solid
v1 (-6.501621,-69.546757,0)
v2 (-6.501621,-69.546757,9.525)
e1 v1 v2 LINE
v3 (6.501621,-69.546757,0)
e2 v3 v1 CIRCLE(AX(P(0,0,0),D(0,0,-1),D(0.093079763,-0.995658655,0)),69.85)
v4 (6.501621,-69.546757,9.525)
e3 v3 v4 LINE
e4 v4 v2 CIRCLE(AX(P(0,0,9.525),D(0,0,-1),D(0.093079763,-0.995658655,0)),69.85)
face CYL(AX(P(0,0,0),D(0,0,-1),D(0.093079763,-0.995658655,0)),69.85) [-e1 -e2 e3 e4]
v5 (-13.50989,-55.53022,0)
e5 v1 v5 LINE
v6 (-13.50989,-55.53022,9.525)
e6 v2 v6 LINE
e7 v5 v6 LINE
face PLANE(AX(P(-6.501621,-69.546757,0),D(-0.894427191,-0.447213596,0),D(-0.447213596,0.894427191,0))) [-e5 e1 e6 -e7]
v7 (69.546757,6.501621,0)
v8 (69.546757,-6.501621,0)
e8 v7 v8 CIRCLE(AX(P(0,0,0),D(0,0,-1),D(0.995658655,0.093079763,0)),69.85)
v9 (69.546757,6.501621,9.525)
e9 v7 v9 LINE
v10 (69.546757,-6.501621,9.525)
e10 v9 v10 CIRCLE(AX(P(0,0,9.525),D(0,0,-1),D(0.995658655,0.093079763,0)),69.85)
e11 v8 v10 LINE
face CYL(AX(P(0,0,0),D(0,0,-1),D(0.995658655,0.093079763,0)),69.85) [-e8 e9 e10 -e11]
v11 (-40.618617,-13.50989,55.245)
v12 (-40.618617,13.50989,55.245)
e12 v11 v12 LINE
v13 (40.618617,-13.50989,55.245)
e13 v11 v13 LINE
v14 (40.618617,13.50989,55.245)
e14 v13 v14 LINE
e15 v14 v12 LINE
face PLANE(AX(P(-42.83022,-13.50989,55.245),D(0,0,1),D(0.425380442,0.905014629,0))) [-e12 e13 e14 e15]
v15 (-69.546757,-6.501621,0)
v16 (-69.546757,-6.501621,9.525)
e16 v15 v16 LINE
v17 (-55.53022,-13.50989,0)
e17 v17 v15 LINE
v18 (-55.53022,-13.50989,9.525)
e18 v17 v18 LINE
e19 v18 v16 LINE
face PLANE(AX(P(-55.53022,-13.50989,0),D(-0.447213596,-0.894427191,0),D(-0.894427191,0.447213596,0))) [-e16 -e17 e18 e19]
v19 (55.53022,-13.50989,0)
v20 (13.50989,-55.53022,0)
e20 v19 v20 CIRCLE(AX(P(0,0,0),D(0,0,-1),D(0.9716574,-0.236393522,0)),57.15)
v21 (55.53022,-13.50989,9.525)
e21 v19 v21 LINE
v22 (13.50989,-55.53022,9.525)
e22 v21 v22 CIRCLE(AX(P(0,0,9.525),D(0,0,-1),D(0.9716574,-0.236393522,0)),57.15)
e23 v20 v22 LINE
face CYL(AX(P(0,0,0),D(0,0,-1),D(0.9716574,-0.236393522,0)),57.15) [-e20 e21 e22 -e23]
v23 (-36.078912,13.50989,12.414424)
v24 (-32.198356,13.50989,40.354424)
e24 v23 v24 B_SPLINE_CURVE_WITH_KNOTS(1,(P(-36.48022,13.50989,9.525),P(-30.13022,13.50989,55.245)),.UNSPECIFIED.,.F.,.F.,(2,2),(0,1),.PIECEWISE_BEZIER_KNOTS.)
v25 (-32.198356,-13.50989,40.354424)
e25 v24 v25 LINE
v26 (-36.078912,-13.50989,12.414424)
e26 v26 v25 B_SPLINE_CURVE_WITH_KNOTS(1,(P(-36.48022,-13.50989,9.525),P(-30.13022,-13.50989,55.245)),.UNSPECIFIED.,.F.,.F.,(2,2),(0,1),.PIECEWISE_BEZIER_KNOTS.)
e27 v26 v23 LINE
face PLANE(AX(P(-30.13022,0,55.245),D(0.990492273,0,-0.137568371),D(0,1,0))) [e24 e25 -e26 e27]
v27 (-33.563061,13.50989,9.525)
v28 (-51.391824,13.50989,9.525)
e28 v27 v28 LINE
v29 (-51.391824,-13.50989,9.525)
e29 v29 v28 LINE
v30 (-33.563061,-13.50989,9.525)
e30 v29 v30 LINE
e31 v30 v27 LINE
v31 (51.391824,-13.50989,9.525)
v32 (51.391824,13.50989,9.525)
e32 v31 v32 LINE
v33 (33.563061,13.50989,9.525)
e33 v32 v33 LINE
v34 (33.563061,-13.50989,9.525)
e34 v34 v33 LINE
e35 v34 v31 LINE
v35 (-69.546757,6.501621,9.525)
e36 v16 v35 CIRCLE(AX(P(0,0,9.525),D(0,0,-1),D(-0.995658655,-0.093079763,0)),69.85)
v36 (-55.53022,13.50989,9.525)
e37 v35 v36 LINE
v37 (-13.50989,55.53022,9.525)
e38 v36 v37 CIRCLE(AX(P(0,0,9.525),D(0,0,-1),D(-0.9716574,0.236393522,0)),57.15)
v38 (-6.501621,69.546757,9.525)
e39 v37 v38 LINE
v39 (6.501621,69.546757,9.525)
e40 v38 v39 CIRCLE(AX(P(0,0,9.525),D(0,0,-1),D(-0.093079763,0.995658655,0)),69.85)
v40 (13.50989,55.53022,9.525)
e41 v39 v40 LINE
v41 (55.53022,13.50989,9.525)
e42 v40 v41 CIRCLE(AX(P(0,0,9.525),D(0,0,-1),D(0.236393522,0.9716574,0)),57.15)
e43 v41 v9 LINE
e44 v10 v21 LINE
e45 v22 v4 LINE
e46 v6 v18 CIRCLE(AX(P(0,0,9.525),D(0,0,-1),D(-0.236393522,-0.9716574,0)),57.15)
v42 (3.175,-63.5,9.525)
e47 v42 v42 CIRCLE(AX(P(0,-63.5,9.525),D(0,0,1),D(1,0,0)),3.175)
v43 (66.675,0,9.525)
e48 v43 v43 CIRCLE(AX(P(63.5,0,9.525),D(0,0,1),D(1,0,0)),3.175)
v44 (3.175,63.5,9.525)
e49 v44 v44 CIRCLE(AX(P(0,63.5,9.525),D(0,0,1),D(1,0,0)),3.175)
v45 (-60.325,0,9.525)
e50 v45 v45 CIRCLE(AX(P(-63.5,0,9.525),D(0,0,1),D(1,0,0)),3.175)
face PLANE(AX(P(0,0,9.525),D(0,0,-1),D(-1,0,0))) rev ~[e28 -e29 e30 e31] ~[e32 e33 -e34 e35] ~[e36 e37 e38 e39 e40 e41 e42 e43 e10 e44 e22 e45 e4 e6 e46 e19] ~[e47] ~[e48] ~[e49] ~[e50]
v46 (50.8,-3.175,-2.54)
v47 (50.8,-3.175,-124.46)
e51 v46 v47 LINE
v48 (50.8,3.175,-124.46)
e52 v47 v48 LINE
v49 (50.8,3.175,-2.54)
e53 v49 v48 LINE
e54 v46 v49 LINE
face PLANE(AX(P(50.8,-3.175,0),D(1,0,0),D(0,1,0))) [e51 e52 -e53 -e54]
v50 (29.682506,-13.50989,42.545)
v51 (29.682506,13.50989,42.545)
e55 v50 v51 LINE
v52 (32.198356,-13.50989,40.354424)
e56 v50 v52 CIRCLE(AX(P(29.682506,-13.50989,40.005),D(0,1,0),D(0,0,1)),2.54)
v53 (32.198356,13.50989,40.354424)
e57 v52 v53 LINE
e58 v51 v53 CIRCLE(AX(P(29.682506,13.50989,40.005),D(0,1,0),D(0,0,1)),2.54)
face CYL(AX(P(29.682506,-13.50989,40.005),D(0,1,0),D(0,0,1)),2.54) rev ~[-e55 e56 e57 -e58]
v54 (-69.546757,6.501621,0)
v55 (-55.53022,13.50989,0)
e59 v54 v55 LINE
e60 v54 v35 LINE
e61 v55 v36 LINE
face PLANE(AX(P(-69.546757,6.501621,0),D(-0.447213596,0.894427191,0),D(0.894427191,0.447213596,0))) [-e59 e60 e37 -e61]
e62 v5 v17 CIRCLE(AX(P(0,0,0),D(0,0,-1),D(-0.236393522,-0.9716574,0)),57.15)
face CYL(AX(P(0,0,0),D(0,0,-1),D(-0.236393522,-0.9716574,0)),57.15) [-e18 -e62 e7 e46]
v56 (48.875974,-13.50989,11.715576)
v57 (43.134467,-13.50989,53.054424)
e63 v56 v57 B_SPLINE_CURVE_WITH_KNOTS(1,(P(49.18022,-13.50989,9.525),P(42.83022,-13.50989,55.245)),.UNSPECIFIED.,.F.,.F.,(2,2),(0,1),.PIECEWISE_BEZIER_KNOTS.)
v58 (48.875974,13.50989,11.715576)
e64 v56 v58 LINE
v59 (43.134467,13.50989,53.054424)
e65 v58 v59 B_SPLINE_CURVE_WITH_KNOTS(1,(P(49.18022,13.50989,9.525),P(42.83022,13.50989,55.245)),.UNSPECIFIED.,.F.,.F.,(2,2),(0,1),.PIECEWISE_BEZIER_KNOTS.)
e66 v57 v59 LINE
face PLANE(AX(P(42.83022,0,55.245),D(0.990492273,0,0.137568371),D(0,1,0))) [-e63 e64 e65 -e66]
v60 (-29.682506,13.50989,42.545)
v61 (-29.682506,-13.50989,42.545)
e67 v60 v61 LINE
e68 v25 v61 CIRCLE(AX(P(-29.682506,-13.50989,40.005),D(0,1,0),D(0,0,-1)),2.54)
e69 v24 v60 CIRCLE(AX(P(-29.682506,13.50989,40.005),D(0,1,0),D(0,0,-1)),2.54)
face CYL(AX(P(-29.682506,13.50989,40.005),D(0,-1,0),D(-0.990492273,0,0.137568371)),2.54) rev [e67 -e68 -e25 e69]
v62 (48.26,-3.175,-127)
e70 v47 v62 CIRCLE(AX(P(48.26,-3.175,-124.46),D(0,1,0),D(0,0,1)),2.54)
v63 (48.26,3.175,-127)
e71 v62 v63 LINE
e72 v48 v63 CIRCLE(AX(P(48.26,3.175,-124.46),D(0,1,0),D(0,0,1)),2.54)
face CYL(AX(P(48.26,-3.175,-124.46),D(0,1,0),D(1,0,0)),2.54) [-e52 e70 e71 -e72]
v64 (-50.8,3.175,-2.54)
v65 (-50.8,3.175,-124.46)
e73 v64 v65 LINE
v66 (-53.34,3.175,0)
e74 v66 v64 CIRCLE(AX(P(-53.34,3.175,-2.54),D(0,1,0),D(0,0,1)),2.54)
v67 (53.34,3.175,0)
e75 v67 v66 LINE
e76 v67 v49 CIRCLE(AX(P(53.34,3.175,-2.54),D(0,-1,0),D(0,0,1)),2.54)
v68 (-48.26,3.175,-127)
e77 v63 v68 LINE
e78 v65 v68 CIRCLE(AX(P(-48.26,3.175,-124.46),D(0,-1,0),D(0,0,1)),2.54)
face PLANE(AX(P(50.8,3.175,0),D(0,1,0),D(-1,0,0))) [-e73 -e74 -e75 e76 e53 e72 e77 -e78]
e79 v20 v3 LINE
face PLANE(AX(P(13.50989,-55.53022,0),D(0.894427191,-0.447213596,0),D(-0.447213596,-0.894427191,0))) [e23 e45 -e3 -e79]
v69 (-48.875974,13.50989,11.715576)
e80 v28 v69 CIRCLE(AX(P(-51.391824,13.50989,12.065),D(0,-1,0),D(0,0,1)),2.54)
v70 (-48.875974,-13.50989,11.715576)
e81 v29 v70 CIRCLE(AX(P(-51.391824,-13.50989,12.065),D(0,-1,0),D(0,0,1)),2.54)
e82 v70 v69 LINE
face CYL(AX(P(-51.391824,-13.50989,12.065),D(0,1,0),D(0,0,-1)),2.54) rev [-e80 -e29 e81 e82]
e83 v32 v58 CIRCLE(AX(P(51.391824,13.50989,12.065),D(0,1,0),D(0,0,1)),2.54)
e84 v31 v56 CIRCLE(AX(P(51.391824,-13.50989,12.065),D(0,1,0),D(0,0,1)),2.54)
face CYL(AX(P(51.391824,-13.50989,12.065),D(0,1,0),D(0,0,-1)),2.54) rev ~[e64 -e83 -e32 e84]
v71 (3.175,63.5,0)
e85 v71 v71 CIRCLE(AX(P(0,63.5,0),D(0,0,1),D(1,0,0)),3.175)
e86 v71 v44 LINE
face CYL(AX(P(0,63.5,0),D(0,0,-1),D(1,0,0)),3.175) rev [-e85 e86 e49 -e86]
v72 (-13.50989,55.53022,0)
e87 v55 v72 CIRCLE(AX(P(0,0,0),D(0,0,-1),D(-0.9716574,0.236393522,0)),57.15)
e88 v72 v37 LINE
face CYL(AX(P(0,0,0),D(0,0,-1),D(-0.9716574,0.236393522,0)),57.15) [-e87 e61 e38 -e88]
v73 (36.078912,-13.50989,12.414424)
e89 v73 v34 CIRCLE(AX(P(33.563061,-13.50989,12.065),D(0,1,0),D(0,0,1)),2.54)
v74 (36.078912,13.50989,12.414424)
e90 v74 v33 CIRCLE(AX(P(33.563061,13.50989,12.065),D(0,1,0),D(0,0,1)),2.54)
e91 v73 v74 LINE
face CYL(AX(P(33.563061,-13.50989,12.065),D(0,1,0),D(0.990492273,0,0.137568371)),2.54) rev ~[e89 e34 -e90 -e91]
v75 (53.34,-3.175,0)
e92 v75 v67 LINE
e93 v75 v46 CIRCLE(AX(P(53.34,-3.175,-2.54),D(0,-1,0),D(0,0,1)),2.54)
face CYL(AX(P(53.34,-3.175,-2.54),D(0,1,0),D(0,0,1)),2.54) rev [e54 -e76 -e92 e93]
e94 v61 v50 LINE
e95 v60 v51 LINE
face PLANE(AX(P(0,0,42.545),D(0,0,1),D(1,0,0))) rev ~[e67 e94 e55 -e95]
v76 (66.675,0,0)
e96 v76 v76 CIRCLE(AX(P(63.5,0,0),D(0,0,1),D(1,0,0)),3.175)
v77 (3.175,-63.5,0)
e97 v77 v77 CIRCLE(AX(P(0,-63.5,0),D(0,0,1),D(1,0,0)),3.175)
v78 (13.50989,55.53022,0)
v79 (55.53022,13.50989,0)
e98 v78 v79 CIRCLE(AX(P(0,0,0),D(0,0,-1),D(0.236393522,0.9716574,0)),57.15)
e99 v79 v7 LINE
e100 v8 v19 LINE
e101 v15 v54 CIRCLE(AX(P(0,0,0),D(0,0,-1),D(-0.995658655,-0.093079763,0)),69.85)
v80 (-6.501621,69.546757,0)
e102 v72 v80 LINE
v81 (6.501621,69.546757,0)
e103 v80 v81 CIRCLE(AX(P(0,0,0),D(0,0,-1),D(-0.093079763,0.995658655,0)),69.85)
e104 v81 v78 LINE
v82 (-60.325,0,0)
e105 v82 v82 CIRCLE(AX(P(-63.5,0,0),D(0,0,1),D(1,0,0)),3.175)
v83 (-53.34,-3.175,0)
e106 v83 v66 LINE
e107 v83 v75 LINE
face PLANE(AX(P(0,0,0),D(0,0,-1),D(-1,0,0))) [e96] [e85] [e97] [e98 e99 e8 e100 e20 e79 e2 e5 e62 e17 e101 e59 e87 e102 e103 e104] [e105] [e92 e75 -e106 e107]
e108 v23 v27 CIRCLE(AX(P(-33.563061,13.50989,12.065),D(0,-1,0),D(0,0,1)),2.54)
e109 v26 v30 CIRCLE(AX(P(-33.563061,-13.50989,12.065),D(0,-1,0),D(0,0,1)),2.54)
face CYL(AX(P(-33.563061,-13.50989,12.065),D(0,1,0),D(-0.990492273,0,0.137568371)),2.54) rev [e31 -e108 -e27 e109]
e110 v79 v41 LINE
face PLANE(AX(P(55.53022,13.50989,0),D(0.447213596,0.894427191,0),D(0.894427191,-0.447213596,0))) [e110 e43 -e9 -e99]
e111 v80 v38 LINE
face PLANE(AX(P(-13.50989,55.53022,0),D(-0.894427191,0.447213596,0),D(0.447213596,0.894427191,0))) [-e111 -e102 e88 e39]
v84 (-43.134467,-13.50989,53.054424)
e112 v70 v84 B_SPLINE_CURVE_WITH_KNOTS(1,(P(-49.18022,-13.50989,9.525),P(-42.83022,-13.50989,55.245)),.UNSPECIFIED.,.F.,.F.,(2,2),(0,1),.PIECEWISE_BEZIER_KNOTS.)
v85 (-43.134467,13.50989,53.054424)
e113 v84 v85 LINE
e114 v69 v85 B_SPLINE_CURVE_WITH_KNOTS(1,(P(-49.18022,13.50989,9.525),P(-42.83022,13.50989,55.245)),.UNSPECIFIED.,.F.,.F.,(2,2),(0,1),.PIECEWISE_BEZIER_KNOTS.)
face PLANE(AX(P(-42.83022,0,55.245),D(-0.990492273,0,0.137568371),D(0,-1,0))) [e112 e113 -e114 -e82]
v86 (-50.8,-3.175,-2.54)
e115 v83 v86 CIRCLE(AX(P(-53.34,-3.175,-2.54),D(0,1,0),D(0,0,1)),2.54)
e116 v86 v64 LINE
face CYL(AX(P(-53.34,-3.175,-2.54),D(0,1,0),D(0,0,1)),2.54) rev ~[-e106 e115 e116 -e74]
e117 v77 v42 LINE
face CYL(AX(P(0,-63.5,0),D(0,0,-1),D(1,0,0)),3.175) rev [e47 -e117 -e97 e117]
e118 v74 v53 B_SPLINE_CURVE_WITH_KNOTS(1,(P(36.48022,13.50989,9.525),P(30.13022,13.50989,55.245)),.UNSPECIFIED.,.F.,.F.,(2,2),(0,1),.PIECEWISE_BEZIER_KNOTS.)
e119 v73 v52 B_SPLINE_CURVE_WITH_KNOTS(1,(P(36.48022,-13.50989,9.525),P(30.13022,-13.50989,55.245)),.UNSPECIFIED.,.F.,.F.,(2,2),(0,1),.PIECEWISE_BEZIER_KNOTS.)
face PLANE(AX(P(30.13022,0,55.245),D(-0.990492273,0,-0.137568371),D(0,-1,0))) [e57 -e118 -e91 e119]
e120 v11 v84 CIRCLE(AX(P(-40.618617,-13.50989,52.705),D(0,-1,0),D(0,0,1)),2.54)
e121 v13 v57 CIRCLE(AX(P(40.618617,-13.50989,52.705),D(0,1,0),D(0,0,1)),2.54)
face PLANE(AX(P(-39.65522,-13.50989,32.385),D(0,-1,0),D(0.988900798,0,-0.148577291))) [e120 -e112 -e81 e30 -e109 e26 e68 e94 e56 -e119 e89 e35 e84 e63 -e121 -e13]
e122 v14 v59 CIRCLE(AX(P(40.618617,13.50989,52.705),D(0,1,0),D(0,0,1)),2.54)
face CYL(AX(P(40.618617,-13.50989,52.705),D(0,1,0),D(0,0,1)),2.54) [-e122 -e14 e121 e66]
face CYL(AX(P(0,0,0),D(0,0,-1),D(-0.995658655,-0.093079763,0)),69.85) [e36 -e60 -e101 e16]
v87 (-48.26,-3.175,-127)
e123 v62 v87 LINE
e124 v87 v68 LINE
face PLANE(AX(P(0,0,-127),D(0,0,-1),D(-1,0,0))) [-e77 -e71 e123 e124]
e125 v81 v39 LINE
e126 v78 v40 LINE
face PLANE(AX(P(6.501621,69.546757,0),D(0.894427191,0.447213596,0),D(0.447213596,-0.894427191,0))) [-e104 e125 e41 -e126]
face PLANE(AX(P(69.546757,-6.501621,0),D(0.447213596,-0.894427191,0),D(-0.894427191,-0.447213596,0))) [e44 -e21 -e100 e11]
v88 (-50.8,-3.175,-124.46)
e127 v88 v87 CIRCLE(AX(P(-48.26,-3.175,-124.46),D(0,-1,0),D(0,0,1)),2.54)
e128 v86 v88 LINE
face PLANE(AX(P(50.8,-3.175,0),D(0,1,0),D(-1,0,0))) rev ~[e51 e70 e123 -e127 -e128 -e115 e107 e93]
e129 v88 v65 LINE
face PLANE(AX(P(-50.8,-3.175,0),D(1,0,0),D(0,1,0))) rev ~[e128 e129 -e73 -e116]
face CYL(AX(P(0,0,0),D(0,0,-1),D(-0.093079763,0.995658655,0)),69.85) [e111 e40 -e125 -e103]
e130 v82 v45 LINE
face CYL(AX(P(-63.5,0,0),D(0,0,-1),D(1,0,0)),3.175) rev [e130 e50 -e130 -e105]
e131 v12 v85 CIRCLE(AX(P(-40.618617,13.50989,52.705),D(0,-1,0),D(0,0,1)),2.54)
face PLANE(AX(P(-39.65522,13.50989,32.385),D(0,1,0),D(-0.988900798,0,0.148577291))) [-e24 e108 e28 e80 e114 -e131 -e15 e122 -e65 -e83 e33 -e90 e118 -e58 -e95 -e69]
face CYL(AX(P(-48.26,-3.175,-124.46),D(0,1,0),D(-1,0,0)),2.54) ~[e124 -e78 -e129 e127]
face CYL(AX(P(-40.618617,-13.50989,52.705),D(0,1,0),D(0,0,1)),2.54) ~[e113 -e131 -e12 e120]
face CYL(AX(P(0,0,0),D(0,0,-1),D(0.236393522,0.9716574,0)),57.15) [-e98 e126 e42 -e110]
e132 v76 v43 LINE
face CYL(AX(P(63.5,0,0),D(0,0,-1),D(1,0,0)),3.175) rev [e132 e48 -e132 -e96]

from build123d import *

# Parameters (mm, degrees)
SKETCH2_R           = 3.175
BOSS_EXTRUDE1_DEPTH = 9.525
SKETCH4_W           = 12.7
SKETCH4_H           = 27.0197796
SKETCH9_W           = 12.7
SKETCH9_H           = 27.0197796
SKETCH4_86_W        = 12.7
SKETCH4_86_H        = 27.0197796
SKETCH9_5_W         = 12.7
SKETCH9_5_H         = 27.0197796
SKETCH11_W          = 85.660440798
SKETCH11_H          = 27.0197796
BOSS_EXTRUDE3_DEPTH = 12.7
FILLET2_R           = 2.54
SKETCH12_W          = 101.6
SKETCH12_H          = 6.35
BOSS_EXTRUDE4_DEPTH = 127
FILLET4_R           = 2.54


with BuildPart() as part:
    # Sketch2 → Boss-Extrude1 (new body)
    with BuildSketch(Plane.XY):
        with BuildLine():
            Line((6.501621467, 69.546757065), (13.5098898, 55.530220399))
            ThreePointArc((13.5098898, 55.530220399), (40.411152545, 40.411152545), (55.530220399, 13.5098898))
            Line((55.530220399, 13.5098898), (69.546757065, 6.501621467))
            ThreePointArc((69.546757065, 6.501621467), (69.85, 0), (69.546757065, -6.501621467))
            Line((69.546757065, -6.501621467), (55.530220399, -13.5098898))
            ThreePointArc((55.530220399, -13.5098898), (40.411152545, -40.411152545), (13.5098898, -55.530220399))
            Line((13.5098898, -55.530220399), (6.501621467, -69.546757065))
            ThreePointArc((6.501621467, -69.546757065), (0, -69.85), (-6.501621467, -69.546757065))
            Line((-6.501621467, -69.546757065), (-13.5098898, -55.530220399))
            ThreePointArc((-13.5098898, -55.530220399), (-40.411152545, -40.411152545), (-55.530220399, -13.5098898))
            Line((-55.530220399, -13.5098898), (-69.546757065, -6.501621467))
            ThreePointArc((-69.546757065, -6.501621467), (-69.85, 0), (-69.546757065, 6.501621467))
            Line((-69.546757065, 6.501621467), (-55.530220399, 13.5098898))
            ThreePointArc((-55.530220399, 13.5098898), (-40.411152545, 40.411152545), (-13.5098898, 55.530220399))
            Line((-13.5098898, 55.530220399), (-6.501621467, 69.546757065))
            ThreePointArc((-6.501621467, 69.546757065), (0, 69.85), (6.501621467, 69.546757065))
        make_face()
        with Locations((-63.5, 0)):
            Circle(SKETCH2_R, mode=Mode.SUBTRACT)
        with Locations((0, 63.5)):
            Circle(SKETCH2_R, mode=Mode.SUBTRACT)
        with Locations((63.5, 0)):
            Circle(SKETCH2_R, mode=Mode.SUBTRACT)
        with Locations((0, -63.5)):
            Circle(SKETCH2_R, mode=Mode.SUBTRACT)
    extrude(amount=BOSS_EXTRUDE1_DEPTH)

    # Sketch4 → Loft5 section 0
    with BuildSketch(Plane.XY.offset(9.525)):
        with Locations((-42.830220399, 0)):
            Rectangle(SKETCH4_W, SKETCH4_H)
    # Sketch9 → Loft5 section 1
    with BuildSketch(Plane.XY.offset(55.245)):
        with Locations((-36.480220399, 0)):
            Rectangle(SKETCH9_W, SKETCH9_H)
    loft()

    # Sketch4<86> → Loft6 section 0
    with BuildSketch(Plane.XY.offset(9.525)):
        with Locations((42.830220399, 0)):
            Rectangle(SKETCH4_86_W, SKETCH4_86_H)
    # Sketch9<5> → Loft6 section 1
    with BuildSketch(Plane.XY.offset(55.245)):
        with Locations((36.480220399, 0)):
            Rectangle(SKETCH9_5_W, SKETCH9_5_H)
    loft()

    # Sketch11 → Boss-Extrude3 (add)
    with BuildSketch(Plane.XY.offset(55.245)):
        Rectangle(SKETCH11_W, SKETCH11_H)
    extrude(amount=-BOSS_EXTRUDE3_DEPTH)

    # Fillet2
    fillet2_edges = [part.edges().sort_by_distance(p)[0] for p in [
        (-31.894109288, 0, 42.545),
        (31.894109288, 0, 42.545),
        (-42.830220399, 0, 55.245),
        (-49.180220399, 0, 9.525),
        (-36.480220399, 0, 9.525),
        (36.480220399, 0, 9.525),
        (42.830220399, 0, 55.245),
        (49.180220399, 0, 9.525),
    ]]
    fillet(fillet2_edges, radius=FILLET2_R)

    # Sketch12 → Boss-Extrude4 (add)
    with BuildSketch(Plane(origin=(0, 0, 0), x_dir=(-1, 0, 0), z_dir=(0, 0, -1))):
        Rectangle(SKETCH12_W, SKETCH12_H)
    extrude(amount=BOSS_EXTRUDE4_DEPTH)

    # Fillet4
    fillet4_edges = [part.edges().sort_by_distance(p)[0] for p in [
        (-50.8, 0, 0),
        (50.8, 0, 0),
        (-50.8, 0, -127),
        (50.8, 0, -127),
    ]]
    fillet(fillet4_edges, radius=FILLET4_R)


solid = part.part
